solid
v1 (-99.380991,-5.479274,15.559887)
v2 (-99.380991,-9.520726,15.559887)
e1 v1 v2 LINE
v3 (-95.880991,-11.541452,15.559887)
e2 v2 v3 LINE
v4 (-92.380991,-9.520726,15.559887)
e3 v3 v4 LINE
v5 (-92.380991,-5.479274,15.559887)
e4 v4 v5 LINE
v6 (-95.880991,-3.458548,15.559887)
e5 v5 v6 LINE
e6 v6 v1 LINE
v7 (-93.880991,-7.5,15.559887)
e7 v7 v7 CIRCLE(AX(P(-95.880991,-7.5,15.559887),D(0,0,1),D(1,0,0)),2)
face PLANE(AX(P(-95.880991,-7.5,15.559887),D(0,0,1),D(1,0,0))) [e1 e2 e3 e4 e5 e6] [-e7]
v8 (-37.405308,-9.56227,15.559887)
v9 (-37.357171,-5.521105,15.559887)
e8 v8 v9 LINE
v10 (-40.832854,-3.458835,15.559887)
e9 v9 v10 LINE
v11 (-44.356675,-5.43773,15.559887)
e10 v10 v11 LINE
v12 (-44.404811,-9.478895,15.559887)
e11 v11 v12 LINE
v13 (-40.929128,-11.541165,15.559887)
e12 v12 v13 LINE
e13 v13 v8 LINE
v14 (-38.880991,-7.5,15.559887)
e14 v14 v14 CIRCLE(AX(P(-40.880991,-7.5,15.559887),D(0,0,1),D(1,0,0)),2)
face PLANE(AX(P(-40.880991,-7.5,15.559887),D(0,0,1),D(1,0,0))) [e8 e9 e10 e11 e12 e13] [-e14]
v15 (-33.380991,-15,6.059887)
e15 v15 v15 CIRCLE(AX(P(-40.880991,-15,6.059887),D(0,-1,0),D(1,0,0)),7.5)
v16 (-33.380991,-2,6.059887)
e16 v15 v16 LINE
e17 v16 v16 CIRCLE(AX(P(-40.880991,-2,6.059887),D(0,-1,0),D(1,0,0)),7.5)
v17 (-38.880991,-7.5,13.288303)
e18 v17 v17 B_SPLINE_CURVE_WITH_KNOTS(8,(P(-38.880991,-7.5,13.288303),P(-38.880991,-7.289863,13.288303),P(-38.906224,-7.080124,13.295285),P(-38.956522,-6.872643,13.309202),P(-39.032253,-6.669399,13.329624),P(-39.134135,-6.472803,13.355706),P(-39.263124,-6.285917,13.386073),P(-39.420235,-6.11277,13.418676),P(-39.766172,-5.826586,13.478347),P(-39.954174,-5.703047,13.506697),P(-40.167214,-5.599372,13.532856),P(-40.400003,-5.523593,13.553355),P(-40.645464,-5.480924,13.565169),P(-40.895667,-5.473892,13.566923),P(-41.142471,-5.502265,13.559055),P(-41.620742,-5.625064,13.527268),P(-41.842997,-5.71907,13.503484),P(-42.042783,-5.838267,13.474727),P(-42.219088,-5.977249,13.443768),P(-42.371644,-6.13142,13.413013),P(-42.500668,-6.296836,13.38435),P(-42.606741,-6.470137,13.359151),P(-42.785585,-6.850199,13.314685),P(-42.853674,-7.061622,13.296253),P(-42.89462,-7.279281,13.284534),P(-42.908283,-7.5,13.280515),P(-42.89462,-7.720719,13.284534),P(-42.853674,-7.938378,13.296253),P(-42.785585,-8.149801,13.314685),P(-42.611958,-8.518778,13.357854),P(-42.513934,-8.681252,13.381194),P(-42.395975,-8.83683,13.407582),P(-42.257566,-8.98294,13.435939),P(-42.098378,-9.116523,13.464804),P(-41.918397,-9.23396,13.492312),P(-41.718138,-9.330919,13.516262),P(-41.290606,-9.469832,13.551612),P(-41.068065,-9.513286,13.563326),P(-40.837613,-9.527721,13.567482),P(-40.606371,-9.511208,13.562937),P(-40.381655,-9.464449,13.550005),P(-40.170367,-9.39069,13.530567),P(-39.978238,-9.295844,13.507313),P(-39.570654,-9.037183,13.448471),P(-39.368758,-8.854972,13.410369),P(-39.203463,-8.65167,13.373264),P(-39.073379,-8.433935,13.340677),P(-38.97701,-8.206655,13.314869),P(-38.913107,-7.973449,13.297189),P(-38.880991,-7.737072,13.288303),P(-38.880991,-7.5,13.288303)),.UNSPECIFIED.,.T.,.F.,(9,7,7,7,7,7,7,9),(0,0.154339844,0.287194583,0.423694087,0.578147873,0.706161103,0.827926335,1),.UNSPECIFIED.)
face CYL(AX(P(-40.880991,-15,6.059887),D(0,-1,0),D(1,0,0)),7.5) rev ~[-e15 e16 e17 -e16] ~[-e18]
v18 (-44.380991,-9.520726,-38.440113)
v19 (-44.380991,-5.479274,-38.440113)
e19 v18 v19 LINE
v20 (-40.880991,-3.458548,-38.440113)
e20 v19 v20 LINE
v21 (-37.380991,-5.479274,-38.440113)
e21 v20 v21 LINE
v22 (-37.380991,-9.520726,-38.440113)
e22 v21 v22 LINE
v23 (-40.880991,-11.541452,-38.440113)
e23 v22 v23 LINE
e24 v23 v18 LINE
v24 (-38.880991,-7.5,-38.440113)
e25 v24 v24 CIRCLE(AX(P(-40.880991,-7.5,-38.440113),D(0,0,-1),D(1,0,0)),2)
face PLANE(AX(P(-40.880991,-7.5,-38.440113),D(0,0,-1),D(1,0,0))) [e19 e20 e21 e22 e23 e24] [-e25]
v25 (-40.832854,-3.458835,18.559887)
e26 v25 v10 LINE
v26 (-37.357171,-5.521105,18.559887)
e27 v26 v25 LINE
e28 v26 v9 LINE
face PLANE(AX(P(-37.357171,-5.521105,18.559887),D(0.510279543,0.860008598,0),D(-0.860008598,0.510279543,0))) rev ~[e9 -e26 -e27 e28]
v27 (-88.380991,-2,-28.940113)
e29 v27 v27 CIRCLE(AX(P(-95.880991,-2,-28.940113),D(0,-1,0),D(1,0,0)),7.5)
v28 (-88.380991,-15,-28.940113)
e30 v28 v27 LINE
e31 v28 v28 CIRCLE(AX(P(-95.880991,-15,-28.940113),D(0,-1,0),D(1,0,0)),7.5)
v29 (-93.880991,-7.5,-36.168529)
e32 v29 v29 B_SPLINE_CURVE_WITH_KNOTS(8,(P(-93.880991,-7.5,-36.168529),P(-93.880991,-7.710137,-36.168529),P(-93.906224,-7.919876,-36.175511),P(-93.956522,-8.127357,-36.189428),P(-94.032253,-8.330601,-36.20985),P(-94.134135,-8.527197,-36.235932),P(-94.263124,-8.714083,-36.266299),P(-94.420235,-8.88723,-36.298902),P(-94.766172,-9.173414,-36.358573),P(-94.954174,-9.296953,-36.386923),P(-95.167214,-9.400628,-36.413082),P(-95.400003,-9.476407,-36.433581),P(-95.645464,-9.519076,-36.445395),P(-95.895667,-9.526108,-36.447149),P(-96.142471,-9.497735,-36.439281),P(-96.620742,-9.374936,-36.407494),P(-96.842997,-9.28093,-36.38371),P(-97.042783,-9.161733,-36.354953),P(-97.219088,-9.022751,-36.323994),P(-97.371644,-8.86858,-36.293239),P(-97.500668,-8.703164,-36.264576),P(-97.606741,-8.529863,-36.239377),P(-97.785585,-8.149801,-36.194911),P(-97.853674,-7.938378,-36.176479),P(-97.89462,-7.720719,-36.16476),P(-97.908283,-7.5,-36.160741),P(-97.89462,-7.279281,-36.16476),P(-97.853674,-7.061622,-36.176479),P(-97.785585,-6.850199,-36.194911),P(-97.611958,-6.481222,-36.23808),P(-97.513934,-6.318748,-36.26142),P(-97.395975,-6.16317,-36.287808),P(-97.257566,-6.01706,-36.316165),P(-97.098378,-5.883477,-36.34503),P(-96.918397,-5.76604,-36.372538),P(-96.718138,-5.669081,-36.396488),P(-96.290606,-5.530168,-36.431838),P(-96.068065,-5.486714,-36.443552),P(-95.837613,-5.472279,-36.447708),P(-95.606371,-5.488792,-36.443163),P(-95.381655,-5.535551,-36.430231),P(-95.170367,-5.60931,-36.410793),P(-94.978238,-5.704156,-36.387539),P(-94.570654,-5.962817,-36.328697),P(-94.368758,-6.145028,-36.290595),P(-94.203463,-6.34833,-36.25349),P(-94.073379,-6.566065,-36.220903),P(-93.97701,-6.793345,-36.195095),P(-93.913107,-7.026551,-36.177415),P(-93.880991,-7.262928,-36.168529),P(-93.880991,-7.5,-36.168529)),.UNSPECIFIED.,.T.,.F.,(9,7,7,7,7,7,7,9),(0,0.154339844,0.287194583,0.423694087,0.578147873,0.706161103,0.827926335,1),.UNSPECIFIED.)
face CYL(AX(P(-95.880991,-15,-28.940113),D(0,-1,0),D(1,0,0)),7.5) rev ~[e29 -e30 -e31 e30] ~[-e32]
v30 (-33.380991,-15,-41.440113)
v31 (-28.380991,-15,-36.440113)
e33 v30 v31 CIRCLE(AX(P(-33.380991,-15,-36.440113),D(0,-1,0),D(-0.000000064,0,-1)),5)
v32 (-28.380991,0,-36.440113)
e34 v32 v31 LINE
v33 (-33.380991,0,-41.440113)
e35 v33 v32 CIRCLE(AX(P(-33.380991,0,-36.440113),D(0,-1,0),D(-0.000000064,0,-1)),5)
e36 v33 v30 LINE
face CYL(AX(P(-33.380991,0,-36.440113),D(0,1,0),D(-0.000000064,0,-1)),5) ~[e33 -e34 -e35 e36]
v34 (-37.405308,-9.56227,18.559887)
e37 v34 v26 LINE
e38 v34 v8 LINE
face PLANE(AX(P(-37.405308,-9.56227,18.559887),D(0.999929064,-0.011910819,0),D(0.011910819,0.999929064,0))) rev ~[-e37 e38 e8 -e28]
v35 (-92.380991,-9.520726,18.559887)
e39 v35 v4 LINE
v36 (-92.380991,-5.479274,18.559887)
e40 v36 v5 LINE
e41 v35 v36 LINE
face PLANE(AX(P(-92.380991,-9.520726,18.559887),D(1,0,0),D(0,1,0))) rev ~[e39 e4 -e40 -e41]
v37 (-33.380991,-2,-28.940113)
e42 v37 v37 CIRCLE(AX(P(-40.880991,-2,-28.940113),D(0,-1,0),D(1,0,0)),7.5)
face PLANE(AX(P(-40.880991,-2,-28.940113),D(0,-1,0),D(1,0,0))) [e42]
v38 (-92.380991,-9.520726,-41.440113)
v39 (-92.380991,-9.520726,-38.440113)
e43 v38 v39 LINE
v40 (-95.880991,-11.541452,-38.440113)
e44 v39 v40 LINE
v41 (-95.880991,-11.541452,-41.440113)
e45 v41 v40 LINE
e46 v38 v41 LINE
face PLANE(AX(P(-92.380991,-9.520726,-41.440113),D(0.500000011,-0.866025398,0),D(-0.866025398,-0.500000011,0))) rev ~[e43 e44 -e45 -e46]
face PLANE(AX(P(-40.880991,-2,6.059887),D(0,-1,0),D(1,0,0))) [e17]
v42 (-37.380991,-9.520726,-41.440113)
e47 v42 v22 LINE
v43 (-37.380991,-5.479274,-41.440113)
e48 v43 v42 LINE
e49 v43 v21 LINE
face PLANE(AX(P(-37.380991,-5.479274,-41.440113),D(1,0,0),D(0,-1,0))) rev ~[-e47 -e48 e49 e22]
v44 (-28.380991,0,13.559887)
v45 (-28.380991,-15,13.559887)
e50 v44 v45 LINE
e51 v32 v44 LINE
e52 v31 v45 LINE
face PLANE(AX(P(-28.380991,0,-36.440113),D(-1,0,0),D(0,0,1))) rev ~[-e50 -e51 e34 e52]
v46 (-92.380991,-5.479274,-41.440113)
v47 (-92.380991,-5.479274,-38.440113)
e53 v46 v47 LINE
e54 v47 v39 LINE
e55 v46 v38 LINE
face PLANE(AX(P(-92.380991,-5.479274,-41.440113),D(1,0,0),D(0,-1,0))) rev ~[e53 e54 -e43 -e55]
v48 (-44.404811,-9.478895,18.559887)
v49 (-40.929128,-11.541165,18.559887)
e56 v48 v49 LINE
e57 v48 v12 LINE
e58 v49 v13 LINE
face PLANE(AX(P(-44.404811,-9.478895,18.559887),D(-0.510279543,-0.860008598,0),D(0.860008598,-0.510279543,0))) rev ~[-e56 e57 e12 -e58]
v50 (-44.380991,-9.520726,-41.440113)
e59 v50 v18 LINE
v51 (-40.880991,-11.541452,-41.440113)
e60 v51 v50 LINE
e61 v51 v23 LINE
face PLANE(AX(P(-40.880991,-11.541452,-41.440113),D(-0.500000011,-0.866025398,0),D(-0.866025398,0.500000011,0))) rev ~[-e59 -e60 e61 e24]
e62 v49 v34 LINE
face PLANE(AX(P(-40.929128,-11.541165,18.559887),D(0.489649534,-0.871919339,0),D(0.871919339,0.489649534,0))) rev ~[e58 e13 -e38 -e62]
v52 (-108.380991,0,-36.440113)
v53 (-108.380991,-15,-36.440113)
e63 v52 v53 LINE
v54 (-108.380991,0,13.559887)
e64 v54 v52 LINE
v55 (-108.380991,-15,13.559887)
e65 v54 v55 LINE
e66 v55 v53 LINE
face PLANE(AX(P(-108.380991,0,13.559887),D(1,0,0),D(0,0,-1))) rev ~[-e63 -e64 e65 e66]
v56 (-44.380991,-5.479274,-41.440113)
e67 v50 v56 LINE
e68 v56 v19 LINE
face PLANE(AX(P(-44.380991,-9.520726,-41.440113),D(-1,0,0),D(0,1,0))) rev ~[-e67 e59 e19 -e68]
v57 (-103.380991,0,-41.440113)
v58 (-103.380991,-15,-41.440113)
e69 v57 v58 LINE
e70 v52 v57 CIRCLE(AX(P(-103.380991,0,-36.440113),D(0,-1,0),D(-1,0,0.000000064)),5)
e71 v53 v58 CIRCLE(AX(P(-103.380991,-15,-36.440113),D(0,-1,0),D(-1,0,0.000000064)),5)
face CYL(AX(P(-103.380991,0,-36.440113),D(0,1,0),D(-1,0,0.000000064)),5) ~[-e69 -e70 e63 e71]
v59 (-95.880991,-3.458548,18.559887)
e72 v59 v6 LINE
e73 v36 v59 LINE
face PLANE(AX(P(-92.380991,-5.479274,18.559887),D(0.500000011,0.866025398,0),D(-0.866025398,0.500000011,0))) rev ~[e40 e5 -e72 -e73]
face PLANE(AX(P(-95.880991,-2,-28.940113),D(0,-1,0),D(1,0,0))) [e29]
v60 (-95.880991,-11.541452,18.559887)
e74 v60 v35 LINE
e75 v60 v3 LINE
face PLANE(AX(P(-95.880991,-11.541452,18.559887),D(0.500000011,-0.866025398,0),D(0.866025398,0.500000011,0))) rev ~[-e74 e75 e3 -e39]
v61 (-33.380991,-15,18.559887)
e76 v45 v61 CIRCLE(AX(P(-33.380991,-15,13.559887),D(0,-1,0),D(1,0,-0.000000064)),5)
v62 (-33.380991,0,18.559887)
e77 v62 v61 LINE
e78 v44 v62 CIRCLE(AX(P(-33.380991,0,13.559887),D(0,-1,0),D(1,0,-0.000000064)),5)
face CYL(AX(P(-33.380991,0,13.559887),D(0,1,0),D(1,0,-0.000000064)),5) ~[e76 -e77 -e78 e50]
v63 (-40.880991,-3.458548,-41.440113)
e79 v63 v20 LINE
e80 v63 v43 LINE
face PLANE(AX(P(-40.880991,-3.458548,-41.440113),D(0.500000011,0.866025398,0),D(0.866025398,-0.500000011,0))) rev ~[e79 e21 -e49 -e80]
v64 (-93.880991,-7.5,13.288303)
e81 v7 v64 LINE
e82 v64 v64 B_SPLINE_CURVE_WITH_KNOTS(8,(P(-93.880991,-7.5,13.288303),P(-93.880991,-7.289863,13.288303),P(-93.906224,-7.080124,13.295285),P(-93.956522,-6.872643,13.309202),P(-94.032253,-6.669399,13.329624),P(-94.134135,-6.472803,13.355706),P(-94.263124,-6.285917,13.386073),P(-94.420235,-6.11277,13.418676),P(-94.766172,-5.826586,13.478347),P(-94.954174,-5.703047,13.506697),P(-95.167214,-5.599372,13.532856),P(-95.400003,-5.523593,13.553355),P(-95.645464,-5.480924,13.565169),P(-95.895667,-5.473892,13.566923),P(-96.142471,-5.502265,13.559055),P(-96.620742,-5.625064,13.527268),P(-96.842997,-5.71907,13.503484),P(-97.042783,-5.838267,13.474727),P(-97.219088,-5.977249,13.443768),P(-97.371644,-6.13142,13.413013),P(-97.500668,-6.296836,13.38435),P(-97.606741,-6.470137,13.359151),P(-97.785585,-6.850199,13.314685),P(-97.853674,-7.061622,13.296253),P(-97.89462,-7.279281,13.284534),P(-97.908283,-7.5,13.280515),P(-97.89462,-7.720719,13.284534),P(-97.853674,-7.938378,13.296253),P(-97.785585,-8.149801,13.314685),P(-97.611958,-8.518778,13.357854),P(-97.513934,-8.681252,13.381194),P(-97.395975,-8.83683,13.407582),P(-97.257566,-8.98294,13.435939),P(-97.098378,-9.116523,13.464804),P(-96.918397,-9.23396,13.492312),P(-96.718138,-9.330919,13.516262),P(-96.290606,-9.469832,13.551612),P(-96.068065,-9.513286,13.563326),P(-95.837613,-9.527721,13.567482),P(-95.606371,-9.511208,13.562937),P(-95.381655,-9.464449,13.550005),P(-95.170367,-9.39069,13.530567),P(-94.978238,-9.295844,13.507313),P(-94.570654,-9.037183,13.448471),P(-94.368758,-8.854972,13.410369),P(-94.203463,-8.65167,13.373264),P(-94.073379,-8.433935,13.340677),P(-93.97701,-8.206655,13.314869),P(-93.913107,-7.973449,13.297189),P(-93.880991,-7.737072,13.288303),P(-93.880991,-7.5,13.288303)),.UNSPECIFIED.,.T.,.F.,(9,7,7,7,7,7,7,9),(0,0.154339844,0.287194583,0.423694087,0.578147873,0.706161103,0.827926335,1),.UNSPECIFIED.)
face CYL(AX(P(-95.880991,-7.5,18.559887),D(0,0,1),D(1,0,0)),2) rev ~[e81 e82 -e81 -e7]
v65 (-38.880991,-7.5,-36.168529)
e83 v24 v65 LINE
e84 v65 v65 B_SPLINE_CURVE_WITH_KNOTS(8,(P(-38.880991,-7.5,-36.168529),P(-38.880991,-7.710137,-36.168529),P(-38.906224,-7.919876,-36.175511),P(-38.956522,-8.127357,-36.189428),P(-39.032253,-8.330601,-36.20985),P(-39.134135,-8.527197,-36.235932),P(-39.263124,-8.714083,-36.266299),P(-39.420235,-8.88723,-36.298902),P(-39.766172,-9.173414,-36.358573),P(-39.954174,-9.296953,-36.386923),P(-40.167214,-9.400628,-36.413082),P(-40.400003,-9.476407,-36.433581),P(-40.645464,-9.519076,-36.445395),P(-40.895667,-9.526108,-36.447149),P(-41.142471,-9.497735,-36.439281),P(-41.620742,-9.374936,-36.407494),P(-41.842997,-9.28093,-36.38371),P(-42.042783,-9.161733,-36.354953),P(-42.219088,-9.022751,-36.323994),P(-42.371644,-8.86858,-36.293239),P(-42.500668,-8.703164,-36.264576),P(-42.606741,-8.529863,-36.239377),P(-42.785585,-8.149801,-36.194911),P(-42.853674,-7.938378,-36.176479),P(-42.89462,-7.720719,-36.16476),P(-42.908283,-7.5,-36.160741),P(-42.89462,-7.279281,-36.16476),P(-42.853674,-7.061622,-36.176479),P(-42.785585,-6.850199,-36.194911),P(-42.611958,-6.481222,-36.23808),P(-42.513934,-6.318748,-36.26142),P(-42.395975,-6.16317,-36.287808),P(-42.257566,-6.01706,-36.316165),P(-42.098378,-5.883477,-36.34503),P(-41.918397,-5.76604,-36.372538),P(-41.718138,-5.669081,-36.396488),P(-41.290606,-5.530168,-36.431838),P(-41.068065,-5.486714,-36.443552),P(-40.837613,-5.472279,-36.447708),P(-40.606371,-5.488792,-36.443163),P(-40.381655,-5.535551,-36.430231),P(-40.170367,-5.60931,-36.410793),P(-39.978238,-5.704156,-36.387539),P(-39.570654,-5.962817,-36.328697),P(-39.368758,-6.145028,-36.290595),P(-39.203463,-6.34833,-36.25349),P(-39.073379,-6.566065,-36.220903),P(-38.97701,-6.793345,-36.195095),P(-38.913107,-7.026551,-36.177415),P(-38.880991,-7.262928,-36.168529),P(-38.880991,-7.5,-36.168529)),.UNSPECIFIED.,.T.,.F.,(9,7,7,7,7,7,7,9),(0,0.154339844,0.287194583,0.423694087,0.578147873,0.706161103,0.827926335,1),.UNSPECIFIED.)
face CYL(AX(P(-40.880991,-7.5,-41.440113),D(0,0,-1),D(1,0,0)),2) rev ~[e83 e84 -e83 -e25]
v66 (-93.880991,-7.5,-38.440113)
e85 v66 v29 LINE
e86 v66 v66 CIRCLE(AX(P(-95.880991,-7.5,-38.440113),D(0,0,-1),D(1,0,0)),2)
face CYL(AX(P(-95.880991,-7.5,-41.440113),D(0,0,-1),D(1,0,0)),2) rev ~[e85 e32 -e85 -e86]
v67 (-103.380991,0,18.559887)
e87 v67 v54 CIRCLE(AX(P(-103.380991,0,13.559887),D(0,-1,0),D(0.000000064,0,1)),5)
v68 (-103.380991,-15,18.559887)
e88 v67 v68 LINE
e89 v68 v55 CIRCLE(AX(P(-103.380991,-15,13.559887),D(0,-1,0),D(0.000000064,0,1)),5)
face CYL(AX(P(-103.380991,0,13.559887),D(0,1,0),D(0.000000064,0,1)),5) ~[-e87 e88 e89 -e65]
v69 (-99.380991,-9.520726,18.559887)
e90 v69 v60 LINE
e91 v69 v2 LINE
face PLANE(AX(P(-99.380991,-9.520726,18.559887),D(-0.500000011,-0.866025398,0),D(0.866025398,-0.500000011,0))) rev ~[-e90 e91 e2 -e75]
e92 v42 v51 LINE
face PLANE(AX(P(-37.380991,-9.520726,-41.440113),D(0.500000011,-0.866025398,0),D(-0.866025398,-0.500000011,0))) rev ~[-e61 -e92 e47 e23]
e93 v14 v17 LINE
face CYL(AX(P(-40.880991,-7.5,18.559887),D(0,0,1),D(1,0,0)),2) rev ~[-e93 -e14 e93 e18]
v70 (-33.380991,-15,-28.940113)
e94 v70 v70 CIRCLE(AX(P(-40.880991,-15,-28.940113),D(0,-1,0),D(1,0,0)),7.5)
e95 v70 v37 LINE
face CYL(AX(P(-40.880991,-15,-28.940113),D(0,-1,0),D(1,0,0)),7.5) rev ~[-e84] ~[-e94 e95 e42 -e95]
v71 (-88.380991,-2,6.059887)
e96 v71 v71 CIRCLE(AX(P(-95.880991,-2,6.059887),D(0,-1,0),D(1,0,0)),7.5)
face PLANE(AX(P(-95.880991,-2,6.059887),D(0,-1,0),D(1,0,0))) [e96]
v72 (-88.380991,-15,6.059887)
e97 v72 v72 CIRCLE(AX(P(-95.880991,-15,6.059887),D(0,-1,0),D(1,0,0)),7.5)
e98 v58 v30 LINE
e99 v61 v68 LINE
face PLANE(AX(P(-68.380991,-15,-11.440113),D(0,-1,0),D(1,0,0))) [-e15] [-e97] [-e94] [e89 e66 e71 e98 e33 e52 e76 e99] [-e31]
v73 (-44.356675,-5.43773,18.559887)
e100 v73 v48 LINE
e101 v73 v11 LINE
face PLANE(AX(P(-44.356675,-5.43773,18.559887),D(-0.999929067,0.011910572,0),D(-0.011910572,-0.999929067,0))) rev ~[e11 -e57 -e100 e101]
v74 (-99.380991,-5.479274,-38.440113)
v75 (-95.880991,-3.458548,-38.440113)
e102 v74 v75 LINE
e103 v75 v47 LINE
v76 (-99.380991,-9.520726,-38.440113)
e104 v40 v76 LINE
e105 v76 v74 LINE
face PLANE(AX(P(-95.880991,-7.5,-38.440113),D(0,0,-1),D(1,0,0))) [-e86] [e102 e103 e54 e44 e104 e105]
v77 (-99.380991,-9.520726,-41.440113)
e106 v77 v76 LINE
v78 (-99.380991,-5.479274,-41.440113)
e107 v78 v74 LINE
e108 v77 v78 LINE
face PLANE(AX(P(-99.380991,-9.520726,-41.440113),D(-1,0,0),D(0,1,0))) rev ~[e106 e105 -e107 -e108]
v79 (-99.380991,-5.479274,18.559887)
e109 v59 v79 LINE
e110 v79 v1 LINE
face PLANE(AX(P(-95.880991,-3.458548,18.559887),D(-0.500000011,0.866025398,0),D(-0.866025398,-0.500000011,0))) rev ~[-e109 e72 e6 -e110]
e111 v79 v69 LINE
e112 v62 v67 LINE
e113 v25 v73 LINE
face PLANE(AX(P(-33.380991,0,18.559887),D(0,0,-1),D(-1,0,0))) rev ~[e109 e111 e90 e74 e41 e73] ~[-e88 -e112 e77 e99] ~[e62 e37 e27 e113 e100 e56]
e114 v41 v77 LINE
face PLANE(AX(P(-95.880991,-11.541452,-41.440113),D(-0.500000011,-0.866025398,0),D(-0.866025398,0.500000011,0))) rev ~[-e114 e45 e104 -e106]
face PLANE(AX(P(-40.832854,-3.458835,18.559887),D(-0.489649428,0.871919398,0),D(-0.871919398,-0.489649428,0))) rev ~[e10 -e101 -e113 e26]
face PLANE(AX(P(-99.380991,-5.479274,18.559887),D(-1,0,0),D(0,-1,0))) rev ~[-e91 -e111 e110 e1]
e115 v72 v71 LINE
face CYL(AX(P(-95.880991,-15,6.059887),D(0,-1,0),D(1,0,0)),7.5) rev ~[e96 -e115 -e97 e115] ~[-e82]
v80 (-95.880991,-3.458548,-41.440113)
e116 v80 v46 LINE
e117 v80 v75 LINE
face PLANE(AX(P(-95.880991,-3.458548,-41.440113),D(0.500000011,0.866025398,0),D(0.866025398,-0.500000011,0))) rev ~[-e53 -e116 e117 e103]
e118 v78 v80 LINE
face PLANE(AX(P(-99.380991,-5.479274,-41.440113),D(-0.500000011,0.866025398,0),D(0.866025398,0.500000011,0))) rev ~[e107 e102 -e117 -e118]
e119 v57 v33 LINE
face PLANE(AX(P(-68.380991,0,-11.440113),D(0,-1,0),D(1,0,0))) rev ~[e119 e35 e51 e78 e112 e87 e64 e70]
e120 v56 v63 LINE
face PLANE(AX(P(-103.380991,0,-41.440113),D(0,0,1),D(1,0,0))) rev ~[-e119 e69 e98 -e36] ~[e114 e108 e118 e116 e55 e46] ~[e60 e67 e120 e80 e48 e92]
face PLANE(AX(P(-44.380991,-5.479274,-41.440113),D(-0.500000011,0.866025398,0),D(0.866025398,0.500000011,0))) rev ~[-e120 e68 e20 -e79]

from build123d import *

# Parameters (mm, degrees)
F1_DEPTH  = 15
F2_R      = 7.5
F3_DEPTH  = 13
F4_R      = 2
F5_DEPTH  = 6
F7_DEPTH  = 3
F8_R      = 2
F9_DEPTH  = 6
F11_DEPTH = 3


with BuildPart() as f1:
    # F0 (on Front) → F1 (new body)
    with BuildSketch(Plane.XZ):
        with BuildLine():
            Line((-33.380991, 18.559887), (-103.380991, 18.559887))
            ThreePointArc((-103.380991, 18.559887), (-106.916525, 17.095421), (-108.380991, 13.559887))
            Line((-108.380991, 13.559887), (-108.380991, -36.440113))
            ThreePointArc((-108.380991, -36.440113), (-106.916525, -39.975647), (-103.380991, -41.440113))
            Line((-103.380991, -41.440113), (-33.380991, -41.440113))
            ThreePointArc((-33.380991, -41.440113), (-29.845457, -39.975647), (-28.380991, -36.440113))
            Line((-28.380991, -36.440113), (-28.380991, 13.559887))
            ThreePointArc((-28.380991, 13.559887), (-29.845457, 17.095421), (-33.380991, 18.559887))
        make_face()
    extrude(amount=F1_DEPTH)

    # F2 (on face) → F3 (cut)
    with BuildSketch(Plane.XZ.offset(15)):
        with Locations((-95.880991, 6.059887)):
            Circle(F2_R)
        with Locations((-95.880991, -28.940113)):
            Circle(F2_R)
        with Locations((-40.880991, 6.059887)):
            Circle(F2_R)
        with Locations((-40.880991, -28.940113)):
            Circle(F2_R)
    extrude(amount=-F3_DEPTH, mode=Mode.SUBTRACT)

    # F4 (on face) → F5 (cut)
    with BuildSketch(Plane.XY.offset(18.559887)):
        with Locations((-40.880991, -7.5)):
            Circle(F4_R)
        with Locations((-95.880991, -7.5)):
            Circle(F4_R)
    extrude(amount=-F5_DEPTH, mode=Mode.SUBTRACT)

    # F6 (on face) → F7 (cut)
    with BuildSketch(Plane.XY.offset(18.559887)):
        Polygon((-92.380991, -9.520726), (-92.380991, -5.479274), (-95.880991, -3.458548), (-99.380991, -5.479274), (-99.380991, -9.520726), (-95.880991, -11.541452), align=None)
        Polygon((-40.929128, -11.541165), (-37.405308, -9.56227), (-37.357171, -5.521105), (-40.832854, -3.458835), (-44.356675, -5.43773), (-44.404811, -9.478895), align=None)
    extrude(amount=-F7_DEPTH, mode=Mode.SUBTRACT)

    # F8 (on face) → F9 (cut)
    with BuildSketch(Plane(origin=(0, 0, -41.440113), x_dir=(1, 0, 0), z_dir=(0, 0, -1))):
        with Locations((-95.880991, 7.5)):
            Circle(F8_R)
        with Locations((-40.880991, 7.5)):
            Circle(F8_R)
    extrude(amount=-F9_DEPTH, mode=Mode.SUBTRACT)

    # F10 (on face) → F11 (cut)
    with BuildSketch(Plane(origin=(0, 0, -41.440113), x_dir=(1, 0, 0), z_dir=(0, 0, -1))):
        Polygon((-92.380991, 5.479274), (-92.380991, 9.520726), (-95.880991, 11.541452), (-99.380991, 9.520726), (-99.380991, 5.479274), (-95.880991, 3.458548), align=None)
        Polygon((-37.380991, 5.479274), (-37.380991, 9.520726), (-40.880991, 11.541452), (-44.380991, 9.520726), (-44.380991, 5.479274), (-40.880991, 3.458548), align=None)
    extrude(amount=-F11_DEPTH, mode=Mode.SUBTRACT)


solid = f1.part
